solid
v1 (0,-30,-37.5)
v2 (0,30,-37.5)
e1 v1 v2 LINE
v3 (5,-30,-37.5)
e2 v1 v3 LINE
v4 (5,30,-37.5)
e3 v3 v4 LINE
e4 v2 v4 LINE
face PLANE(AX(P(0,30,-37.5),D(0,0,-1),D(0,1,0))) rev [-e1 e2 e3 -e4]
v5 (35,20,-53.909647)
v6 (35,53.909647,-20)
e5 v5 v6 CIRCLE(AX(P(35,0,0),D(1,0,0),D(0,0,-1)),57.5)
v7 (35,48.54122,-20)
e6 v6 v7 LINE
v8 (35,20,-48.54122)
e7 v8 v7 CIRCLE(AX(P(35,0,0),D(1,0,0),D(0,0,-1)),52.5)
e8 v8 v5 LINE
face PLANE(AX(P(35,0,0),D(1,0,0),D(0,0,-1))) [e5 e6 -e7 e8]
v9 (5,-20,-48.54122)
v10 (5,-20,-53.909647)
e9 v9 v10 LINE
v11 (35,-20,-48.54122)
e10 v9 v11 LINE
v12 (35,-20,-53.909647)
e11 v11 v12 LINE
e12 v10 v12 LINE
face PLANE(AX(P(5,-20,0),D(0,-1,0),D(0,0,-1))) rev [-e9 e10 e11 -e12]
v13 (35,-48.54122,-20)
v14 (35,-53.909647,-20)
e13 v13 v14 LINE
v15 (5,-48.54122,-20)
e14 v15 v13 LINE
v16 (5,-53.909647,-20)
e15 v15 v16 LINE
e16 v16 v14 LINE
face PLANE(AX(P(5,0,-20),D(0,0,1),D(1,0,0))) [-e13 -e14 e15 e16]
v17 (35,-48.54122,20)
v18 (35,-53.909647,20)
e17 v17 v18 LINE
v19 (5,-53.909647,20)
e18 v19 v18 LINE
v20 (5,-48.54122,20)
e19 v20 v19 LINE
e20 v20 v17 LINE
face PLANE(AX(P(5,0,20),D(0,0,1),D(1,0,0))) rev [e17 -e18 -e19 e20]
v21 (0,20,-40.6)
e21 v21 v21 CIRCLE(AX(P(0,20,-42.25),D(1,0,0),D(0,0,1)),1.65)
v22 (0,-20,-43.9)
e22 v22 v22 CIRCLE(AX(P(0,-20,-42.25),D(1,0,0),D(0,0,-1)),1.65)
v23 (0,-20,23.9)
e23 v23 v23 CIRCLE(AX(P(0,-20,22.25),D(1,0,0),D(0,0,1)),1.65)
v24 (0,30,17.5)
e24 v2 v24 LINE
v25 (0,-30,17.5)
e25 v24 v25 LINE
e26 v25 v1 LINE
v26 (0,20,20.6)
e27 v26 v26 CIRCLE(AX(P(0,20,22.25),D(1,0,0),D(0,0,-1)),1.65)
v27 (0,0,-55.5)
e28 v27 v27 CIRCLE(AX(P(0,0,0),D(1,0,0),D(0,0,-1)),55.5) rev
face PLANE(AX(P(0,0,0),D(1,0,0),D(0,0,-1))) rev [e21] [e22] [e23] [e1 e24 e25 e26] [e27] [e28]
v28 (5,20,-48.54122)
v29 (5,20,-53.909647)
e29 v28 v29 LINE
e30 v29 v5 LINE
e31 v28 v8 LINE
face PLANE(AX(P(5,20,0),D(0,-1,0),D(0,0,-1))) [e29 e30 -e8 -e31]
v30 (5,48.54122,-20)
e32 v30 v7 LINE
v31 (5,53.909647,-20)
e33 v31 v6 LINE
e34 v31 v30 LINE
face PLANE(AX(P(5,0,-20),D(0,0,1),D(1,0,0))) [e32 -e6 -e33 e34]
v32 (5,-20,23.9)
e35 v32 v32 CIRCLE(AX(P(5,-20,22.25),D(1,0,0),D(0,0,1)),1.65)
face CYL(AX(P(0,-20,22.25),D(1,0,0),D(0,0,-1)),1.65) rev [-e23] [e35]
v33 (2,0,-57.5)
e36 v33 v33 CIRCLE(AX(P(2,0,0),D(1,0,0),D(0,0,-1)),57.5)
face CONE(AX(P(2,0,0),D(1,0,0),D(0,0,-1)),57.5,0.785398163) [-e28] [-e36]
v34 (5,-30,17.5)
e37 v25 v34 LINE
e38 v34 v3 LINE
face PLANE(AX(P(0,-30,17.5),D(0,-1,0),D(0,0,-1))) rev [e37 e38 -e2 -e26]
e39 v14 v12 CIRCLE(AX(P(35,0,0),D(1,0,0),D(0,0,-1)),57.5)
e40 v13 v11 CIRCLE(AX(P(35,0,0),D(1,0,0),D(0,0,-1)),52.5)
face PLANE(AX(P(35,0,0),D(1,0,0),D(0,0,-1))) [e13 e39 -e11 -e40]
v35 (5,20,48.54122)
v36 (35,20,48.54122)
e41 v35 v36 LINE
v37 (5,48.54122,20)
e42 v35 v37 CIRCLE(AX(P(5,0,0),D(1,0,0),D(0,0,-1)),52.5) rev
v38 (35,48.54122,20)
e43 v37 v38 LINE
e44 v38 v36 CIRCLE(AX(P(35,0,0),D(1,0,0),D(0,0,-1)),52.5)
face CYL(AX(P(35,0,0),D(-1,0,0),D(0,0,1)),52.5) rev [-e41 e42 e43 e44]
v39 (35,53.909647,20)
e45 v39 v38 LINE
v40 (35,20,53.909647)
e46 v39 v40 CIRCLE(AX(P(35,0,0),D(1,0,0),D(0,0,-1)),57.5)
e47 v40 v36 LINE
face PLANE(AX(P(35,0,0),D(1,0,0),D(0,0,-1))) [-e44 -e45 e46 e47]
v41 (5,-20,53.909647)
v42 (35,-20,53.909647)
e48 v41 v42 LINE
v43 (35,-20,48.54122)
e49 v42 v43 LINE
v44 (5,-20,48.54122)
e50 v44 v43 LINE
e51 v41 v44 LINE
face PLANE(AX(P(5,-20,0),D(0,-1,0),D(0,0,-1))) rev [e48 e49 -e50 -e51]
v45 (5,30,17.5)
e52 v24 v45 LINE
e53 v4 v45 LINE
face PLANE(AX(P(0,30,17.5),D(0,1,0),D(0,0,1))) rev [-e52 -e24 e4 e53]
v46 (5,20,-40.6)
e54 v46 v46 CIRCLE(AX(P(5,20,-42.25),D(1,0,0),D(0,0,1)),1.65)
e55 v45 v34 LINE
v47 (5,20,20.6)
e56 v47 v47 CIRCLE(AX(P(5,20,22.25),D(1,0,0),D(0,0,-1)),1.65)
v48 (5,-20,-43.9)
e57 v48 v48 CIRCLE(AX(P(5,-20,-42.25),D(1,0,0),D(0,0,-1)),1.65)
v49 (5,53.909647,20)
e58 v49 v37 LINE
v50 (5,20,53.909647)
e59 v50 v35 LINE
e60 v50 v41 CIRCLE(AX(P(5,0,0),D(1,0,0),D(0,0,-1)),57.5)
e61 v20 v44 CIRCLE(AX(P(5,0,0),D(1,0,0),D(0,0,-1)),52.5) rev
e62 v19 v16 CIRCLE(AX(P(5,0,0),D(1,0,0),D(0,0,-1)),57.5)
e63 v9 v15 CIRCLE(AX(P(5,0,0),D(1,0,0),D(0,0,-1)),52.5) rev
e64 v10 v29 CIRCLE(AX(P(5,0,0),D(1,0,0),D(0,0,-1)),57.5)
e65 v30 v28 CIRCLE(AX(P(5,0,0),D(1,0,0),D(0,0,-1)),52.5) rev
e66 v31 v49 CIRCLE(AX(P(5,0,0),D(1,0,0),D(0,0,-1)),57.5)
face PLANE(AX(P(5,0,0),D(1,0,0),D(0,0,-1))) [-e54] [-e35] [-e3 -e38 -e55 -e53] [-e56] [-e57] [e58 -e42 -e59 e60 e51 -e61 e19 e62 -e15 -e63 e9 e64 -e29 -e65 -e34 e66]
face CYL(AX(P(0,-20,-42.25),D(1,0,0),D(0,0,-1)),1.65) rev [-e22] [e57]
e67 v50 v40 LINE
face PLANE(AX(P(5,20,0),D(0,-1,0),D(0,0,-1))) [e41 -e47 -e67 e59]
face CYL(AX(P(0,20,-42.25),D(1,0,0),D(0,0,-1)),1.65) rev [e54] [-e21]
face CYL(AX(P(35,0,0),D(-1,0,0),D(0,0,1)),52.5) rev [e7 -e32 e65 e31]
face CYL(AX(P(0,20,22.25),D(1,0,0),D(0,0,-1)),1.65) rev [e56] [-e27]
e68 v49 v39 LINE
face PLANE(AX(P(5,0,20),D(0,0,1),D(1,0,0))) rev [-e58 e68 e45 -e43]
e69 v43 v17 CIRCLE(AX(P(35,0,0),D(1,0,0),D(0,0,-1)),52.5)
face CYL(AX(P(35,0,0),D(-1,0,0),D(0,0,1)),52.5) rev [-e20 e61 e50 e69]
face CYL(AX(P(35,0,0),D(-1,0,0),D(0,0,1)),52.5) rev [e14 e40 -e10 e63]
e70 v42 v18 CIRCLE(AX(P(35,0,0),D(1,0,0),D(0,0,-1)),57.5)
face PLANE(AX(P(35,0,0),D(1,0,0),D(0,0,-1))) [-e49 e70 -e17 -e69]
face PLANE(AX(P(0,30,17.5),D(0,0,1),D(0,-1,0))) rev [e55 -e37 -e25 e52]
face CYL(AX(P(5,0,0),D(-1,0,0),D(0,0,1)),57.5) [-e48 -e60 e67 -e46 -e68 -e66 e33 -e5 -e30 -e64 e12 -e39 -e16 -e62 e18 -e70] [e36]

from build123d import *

# Parameters (mm, degrees)
SKETCH_1_R          = 57.5
EXTRUDE_1_DEPTH     = 5
SKETCH_2_R          = 57.5
SKETCH_2_R_2        = 52.5
EXTRUDE_2_DEPTH     = 30
SKETCH_3_R          = 1.65
SKETCH_3_W          = 55
SKETCH_3_H          = 60
CUT_EXTRUDE_1_DEPTH = 87.674679117
CUT_EXTRUDE_START   = -30
CUT_EXTRUDE_2_DEPTH = 30
CHAMFER_1_SIZE      = 2


with BuildPart() as part:
    # ｽｹｯﾁ1 → ﾎﾞｽ - 押し出し1 (new body)
    with BuildSketch(Plane(origin=(0, 0, 0), x_dir=(0, 0, -1), z_dir=(1, 0, 0))):
        Circle(SKETCH_1_R)
    extrude(amount=EXTRUDE_1_DEPTH)

    # ｽｹｯﾁ2 → ﾎﾞｽ - 押し出し2 (add)
    with BuildSketch(Plane(origin=(5, 0, 0), x_dir=(0, 0, -1), z_dir=(1, 0, 0))):
        Circle(SKETCH_2_R)
        Circle(SKETCH_2_R_2, mode=Mode.SUBTRACT)
    extrude(amount=EXTRUDE_2_DEPTH)

    # ｽｹｯﾁ3 → ｶｯﾄ - 押し出し1 (cut, through all)
    with BuildSketch(Plane(origin=(5, 0, 0), x_dir=(0, 0, -1), z_dir=(1, 0, 0))):
        with Locations((-22.25, 20)):
            Circle(SKETCH_3_R)
        with Locations(Location((-22.25, -20, 0), (0, 0, 180))):
            Circle(SKETCH_3_R)
        with Locations(Location((42.25, 20, 0), (0, 0, 180))):
            Circle(SKETCH_3_R)
        with Locations((42.25, -20)):
            Circle(SKETCH_3_R)
        with Locations((10, 0)):
            Rectangle(SKETCH_3_W, SKETCH_3_H)
    extrude(amount=-CUT_EXTRUDE_1_DEPTH, mode=Mode.SUBTRACT)

    # ｽｹｯﾁ4 → ｶｯﾄ - 押し出し2 (cut)
    with BuildSketch(Plane(origin=(35, 0, 0), x_dir=(0, 0, -1), z_dir=(1, 0, 0)).offset(CUT_EXTRUDE_START)):
        with BuildLine():
            ThreePointArc((20, 53.909646632), (0, 57.5), (-20, 53.909646632))
            Line((-20, 53.909646632), (-20, 48.541219597))
            ThreePointArc((-20, 48.541219597), (0, 52.5), (20, 48.541219597))
            Line((20, 48.541219597), (20, 53.909646632))
        make_face()
        with BuildLine():
            Line((-48.541219597, 20), (-53.909646632, 20))
            ThreePointArc((-53.909646632, 20), (-57.5, 0), (-53.909646632, -20))
            Line((-53.909646632, -20), (-48.541219597, -20))
            ThreePointArc((-48.541219597, -20), (-52.5, 0), (-48.541219597, 20))
        make_face()
        with BuildLine():
            Line((53.909646632, 20), (48.541219597, 20))
            ThreePointArc((48.541219597, 20), (52.5, 0), (48.541219597, -20))
            Line((48.541219597, -20), (53.909646632, -20))
            ThreePointArc((53.909646632, -20), (57.5, 0), (53.909646632, 20))
        make_face()
        with BuildLine():
            Line((-20, -48.541219597), (-20, -53.909646632))
            ThreePointArc((-20, -53.909646632), (0, -57.5), (20, -53.909646632))
            Line((20, -53.909646632), (20, -48.541219597))
            ThreePointArc((20, -48.541219597), (0, -52.5), (-20, -48.541219597))
        make_face()
    extrude(amount=CUT_EXTRUDE_2_DEPTH, mode=Mode.SUBTRACT)

    # 面取り1
    chamfer_1_edges = [part.edges().sort_by_distance(p)[0] for p in [
        (0, 0, 57.5),
    ]]
    chamfer(chamfer_1_edges, length=CHAMFER_1_SIZE)


solid = part.part
